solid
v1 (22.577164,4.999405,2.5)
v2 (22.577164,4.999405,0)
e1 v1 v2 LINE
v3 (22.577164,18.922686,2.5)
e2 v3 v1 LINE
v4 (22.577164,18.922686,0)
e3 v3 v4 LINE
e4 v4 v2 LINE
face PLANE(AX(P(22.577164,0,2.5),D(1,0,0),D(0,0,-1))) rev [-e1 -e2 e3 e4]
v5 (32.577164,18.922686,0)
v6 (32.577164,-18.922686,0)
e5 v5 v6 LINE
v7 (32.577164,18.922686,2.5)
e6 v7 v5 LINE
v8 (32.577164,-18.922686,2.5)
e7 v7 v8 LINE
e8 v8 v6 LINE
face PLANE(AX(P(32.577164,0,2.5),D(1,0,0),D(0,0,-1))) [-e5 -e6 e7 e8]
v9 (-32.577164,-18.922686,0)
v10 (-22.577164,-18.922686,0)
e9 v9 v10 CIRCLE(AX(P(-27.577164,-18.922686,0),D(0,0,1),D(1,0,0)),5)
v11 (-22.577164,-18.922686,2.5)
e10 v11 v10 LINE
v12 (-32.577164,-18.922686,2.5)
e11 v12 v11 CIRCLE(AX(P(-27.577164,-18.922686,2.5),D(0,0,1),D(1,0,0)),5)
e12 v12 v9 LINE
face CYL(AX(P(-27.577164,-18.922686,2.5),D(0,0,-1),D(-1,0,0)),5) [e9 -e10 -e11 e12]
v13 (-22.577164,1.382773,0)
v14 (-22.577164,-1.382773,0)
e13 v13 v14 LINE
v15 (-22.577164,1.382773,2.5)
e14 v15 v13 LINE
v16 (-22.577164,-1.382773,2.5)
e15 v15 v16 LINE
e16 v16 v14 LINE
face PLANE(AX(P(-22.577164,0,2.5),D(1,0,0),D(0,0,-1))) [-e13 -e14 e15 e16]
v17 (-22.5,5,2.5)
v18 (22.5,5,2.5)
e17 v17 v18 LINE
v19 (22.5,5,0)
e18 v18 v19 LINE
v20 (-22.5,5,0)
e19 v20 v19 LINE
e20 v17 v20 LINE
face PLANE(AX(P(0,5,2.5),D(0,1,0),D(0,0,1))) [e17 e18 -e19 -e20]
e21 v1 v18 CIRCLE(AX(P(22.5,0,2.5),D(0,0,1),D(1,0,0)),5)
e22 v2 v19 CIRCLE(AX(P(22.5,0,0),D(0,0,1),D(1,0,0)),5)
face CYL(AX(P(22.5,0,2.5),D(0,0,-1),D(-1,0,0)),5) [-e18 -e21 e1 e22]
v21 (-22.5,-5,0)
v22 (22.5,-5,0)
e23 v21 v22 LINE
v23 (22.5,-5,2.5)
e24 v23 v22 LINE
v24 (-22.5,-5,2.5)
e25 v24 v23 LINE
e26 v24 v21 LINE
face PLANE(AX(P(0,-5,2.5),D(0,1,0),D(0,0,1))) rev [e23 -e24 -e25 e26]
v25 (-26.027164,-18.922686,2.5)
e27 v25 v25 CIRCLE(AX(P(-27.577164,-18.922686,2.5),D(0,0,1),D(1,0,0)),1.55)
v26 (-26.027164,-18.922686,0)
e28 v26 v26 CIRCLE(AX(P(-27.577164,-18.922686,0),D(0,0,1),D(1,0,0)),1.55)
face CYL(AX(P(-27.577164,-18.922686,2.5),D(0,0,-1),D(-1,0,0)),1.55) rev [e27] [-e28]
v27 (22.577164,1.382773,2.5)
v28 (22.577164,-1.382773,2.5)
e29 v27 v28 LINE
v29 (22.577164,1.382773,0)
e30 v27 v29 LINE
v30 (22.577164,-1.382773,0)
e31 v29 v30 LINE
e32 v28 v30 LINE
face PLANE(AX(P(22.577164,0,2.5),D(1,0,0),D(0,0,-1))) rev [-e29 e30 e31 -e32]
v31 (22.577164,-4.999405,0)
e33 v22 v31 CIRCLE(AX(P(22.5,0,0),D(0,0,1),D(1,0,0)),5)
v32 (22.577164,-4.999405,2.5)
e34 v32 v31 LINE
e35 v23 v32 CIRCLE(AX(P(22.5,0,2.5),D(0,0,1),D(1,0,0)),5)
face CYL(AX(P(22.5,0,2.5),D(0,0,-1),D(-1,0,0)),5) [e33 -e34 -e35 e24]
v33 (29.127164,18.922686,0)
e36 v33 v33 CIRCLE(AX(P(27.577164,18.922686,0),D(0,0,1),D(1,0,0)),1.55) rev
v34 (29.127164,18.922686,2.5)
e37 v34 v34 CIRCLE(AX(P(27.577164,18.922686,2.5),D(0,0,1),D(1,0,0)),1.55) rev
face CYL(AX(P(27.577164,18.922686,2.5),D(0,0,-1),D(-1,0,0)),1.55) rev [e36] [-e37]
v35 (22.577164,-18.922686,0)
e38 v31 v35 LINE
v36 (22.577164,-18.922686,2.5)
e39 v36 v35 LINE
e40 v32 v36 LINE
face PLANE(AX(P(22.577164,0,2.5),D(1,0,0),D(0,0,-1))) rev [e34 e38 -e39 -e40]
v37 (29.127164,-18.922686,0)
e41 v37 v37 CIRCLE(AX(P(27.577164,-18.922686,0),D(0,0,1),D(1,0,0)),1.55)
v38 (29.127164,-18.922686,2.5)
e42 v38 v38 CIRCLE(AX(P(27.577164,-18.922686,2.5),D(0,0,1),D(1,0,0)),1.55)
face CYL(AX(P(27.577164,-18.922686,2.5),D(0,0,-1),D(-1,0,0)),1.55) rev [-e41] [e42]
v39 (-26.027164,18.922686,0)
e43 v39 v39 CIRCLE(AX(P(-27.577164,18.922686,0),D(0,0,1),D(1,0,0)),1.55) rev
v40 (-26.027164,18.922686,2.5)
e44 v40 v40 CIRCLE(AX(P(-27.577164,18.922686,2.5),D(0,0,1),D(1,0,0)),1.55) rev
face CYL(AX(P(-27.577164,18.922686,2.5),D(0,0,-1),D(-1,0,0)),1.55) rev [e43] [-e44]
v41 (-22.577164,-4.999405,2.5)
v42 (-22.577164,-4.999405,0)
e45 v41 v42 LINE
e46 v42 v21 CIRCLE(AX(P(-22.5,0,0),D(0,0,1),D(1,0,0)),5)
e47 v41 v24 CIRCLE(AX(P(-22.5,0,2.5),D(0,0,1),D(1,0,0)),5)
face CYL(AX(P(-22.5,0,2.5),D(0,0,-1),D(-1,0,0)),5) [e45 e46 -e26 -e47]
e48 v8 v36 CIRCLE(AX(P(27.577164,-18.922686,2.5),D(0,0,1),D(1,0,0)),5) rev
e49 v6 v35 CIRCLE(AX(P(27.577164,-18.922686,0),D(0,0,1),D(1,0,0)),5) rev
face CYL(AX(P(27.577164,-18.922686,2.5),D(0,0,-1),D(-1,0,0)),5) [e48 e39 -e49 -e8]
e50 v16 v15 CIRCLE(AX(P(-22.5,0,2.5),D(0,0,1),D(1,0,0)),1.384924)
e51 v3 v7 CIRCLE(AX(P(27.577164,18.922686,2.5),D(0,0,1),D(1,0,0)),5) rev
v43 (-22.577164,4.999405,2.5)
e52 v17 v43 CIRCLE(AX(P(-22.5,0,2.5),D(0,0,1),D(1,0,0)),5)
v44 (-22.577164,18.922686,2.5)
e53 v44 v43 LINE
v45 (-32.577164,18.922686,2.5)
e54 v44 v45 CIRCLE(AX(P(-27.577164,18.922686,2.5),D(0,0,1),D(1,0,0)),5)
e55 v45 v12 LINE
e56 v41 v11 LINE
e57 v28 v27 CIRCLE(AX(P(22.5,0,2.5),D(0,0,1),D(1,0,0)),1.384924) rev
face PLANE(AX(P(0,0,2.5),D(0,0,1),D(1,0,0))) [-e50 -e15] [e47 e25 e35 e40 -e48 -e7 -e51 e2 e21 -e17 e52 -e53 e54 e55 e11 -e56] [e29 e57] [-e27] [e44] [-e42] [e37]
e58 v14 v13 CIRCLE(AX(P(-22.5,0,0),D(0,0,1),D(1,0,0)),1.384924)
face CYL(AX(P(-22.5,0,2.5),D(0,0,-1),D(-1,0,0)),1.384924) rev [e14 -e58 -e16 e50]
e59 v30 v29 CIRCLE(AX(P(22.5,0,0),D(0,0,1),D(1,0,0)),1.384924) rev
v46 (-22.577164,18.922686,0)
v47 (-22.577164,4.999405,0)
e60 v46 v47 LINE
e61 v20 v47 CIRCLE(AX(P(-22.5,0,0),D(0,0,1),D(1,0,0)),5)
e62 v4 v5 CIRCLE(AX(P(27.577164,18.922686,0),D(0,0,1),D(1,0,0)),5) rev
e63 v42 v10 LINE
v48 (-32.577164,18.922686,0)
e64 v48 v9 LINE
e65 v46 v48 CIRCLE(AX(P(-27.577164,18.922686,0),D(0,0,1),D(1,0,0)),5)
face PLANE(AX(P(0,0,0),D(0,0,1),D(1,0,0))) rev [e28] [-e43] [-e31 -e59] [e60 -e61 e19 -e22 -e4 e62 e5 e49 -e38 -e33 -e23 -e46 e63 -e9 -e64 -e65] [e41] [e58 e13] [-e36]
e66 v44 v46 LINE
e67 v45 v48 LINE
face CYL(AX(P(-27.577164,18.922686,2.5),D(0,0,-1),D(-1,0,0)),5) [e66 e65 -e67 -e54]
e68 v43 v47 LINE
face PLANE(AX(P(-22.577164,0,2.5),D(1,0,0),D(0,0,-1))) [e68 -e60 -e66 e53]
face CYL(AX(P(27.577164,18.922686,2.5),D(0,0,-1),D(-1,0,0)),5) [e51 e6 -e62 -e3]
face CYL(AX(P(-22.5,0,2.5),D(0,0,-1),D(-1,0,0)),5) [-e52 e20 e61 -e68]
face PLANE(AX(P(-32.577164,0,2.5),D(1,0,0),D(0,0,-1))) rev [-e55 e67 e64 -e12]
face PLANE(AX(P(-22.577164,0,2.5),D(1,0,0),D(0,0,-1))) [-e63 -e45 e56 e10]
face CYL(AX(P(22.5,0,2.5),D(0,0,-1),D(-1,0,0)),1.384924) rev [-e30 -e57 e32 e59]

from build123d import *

# Parameters (mm, degrees)
SKETCH_2_R      = 1.55
SKETCH_2_R_2    = 1.384923923
EXTRUDE_1_DEPTH = 2.5


with BuildPart() as part:
    # 草图2 → 凸台-拉伸1 (new body)
    # profile 1 of 3: a face of its own
    with BuildSketch(Plane.XY):
        with BuildLine():
            Line((-22.577164466, 18.92268553), (-22.577164466, -18.92268553))
            ThreePointArc((-22.577164466, -18.92268553), (-27.577164466, -23.92268553), (-32.577164466, -18.92268553))
            Line((-32.577164466, -18.92268553), (-32.577164466, 18.92268553))
            ThreePointArc((-32.577164466, 18.92268553), (-27.577164466, 23.92268553), (-22.577164466, 18.92268553))
        make_face()
        with Locations((-27.577164466, -18.92268553)):
            Circle(SKETCH_2_R, mode=Mode.SUBTRACT)
        with Locations((-27.577164466, 18.92268553)):
            Circle(SKETCH_2_R, mode=Mode.SUBTRACT)
    # profile 2 of 3: a face of its own
    with BuildSketch(Plane.XY):
        with BuildLine():
            Line((22.577164466, 18.92268553), (22.577164466, -18.92268553))
            ThreePointArc((22.577164466, -18.92268553), (27.577164466, -23.92268553), (32.577164466, -18.92268553))
            Line((32.577164466, -18.92268553), (32.577164466, 18.92268553))
            ThreePointArc((32.577164466, 18.92268553), (27.577164466, 23.92268553), (22.577164466, 18.92268553))
        make_face()
        with Locations((27.577164466, -18.92268553)):
            Circle(SKETCH_2_R, mode=Mode.SUBTRACT)
        with Locations((27.577164466, 18.92268553)):
            Circle(SKETCH_2_R, mode=Mode.SUBTRACT)
    # profile 3 of 3: a face of its own
    with BuildSketch(Plane.XY):
        with BuildLine():
            Line((-22.5, 5), (22.5, 5))
            ThreePointArc((22.5, 5), (27.5, 0), (22.5, -5))
            Line((22.5, -5), (-22.5, -5))
            ThreePointArc((-22.5, -5), (-27.5, 0), (-22.5, 5))
        make_face()
        with Locations((-22.5, 0)):
            Circle(SKETCH_2_R_2, mode=Mode.SUBTRACT)
        with Locations((22.5, 0)):
            Circle(SKETCH_2_R_2, mode=Mode.SUBTRACT)
    extrude(amount=EXTRUDE_1_DEPTH)


solid = part.part
